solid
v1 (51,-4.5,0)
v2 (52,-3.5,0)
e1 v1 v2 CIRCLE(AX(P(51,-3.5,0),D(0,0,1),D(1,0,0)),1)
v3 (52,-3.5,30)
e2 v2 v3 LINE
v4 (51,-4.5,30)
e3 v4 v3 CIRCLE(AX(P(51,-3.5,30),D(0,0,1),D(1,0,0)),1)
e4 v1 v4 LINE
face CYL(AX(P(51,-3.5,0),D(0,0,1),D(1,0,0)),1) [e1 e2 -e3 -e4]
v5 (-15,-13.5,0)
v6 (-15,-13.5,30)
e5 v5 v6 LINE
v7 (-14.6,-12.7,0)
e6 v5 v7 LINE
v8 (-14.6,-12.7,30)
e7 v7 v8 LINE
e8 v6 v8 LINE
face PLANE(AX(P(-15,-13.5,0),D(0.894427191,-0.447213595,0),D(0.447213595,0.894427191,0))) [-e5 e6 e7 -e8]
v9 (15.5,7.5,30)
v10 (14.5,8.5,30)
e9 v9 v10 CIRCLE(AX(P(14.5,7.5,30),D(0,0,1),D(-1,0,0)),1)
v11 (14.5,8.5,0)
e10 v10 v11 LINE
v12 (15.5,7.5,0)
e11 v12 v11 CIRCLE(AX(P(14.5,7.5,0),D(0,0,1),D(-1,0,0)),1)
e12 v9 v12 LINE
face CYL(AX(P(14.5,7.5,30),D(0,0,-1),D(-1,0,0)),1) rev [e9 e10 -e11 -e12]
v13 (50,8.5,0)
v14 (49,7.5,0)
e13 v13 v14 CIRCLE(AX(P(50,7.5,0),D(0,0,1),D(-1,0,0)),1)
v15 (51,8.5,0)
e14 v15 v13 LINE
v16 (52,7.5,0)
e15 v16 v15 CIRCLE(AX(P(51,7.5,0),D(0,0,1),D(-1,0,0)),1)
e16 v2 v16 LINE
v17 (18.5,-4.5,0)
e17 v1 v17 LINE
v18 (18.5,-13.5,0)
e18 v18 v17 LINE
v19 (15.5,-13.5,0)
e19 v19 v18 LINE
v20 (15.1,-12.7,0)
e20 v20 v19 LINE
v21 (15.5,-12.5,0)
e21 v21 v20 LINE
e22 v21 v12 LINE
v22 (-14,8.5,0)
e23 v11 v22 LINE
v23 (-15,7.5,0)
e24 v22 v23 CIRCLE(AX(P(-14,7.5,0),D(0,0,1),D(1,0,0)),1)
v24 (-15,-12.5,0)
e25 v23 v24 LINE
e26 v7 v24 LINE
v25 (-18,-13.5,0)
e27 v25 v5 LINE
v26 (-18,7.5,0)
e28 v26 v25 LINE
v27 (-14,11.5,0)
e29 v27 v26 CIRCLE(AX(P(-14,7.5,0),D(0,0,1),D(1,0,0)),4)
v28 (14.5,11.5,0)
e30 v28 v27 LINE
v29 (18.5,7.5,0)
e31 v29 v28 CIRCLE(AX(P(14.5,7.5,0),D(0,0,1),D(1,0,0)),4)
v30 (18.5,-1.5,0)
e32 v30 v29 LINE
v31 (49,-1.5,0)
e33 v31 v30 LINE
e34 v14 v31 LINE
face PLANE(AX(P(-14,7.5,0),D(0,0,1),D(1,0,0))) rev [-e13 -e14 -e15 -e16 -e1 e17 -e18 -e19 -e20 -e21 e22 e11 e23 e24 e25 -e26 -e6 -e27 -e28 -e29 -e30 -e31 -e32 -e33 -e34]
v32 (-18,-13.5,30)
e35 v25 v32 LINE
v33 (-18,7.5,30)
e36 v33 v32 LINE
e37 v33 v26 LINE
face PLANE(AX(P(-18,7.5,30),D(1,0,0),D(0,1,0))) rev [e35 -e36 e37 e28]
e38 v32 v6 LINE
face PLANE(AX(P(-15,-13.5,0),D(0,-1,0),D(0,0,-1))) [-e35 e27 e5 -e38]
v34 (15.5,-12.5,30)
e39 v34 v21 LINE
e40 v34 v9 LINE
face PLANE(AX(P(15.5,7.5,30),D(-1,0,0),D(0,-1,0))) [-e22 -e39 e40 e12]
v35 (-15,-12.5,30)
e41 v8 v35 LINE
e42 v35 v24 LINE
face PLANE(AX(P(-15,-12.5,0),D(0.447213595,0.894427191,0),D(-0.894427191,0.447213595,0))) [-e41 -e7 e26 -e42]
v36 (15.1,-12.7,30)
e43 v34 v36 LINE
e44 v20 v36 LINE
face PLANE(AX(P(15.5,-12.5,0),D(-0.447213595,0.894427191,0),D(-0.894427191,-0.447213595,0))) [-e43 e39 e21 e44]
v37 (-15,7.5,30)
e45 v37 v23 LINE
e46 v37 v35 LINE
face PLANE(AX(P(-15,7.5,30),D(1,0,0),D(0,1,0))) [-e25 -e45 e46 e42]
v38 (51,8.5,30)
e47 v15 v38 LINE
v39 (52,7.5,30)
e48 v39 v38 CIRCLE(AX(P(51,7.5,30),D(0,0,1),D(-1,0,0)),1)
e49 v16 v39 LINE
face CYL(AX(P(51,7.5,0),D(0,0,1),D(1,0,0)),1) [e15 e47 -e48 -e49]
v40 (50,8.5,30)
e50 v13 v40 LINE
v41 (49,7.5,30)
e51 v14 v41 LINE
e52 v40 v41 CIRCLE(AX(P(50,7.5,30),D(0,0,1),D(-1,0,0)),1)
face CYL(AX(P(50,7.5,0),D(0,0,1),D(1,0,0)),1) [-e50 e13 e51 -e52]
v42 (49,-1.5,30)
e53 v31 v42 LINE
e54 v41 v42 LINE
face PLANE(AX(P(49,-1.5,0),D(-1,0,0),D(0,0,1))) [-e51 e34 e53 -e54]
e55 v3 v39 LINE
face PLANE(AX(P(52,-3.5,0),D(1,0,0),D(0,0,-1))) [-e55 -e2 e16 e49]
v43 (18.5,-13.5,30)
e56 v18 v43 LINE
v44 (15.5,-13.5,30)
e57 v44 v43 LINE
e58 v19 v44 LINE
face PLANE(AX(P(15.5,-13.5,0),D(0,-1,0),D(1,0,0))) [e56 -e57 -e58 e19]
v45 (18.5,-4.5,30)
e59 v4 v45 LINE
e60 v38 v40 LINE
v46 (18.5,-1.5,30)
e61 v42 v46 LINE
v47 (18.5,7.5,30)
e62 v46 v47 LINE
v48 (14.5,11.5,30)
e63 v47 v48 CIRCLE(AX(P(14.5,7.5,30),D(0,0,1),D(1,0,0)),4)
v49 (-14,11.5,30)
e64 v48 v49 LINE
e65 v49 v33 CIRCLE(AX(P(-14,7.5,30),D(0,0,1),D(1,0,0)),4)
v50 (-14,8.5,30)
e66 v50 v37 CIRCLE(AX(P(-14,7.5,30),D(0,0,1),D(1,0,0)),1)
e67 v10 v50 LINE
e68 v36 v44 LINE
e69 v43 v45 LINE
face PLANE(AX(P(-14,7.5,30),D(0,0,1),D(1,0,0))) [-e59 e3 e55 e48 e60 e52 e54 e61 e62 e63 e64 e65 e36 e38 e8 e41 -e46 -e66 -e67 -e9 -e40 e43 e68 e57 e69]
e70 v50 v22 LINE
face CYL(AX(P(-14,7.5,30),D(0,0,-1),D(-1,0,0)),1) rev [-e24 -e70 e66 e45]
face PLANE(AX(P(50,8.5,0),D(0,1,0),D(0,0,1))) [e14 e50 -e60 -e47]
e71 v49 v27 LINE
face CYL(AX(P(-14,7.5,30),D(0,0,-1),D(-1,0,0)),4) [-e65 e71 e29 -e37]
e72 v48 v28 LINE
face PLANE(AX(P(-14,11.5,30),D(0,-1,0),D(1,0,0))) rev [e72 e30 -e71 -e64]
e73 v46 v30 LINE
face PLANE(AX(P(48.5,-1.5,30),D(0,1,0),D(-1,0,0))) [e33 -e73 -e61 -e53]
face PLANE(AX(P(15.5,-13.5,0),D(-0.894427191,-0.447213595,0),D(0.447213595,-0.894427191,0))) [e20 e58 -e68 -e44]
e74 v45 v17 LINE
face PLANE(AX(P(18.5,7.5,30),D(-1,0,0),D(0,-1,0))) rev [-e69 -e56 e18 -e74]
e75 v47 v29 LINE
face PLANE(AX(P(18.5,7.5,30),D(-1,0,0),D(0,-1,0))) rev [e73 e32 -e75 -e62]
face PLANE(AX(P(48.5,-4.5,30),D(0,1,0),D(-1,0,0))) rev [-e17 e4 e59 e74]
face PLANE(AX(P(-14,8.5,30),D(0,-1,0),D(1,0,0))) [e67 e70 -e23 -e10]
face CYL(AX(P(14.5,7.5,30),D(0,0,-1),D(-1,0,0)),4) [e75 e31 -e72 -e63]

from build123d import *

# Parameters (mm, degrees)
EXTRUDE_THIN1_DEPTH = 30
BOSS_EXTRUDE1_DEPTH = 30
SKETCH3_W           = 30
SKETCH3_H           = 3
EXTRUDE_THIN2_DEPTH = 30
BOSS_EXTRUDE2_DEPTH = 30


with BuildPart() as part:
    # Sketch1 → Extrude-Thin1 (new body)
    with BuildSketch(Plane.XY):
        with BuildLine():
            Line((-15, -12.5), (-15, 7.5))
            ThreePointArc((-15, 7.5), (-14.707106781, 8.207106781), (-14, 8.5))
            Line((-14, 8.5), (14.5, 8.5))
            ThreePointArc((14.5, 8.5), (15.207106781, 8.207106781), (15.5, 7.5))
            Line((15.5, 7.5), (15.5, -12.5))
            Line((15.5, -12.5), (18.5, -12.5))
            Line((18.5, -12.5), (18.5, 7.5))
            ThreePointArc((18.5, 7.5), (17.328427125, 10.328427125), (14.5, 11.5))
            Line((14.5, 11.5), (-14, 11.5))
            ThreePointArc((-14, 11.5), (-16.828427125, 10.328427125), (-18, 7.5))
            Line((-18, 7.5), (-18, -12.5))
            Line((-18, -12.5), (-15, -12.5))
        make_face()
    extrude(amount=EXTRUDE_THIN1_DEPTH)

    # Sketch2 → Boss-Extrude1 (add)
    with BuildSketch(Plane.XY.offset(30)):
        Polygon((-15, -13.5), (-18, -13.5), (-18, -12.5), (-15, -12.5), (-14.6, -12.7), align=None)
        Polygon((15.5, -12.5), (15.1, -12.7), (15.5, -13.5), (18.5, -13.5), (18.5, -12.5), align=None)
    extrude(amount=-BOSS_EXTRUDE1_DEPTH)

    # Sketch3 → Extrude-Thin2 (add)
    with BuildSketch(Plane(origin=(18.5, 0, 0), x_dir=(0, 0, -1), z_dir=(1, 0, 0))):
        with Locations((-15, -3)):
            Rectangle(SKETCH3_W, SKETCH3_H)
    extrude(amount=EXTRUDE_THIN2_DEPTH)

    # Sketch4 → Boss-Extrude2 (add)
    with BuildSketch(Plane.XY.offset(30)):
        with BuildLine():
            Line((48.5, -1.5), (49, -1.5))
            Line((49, -1.5), (49, 7.5))
            ThreePointArc((49, 7.5), (49.292893219, 8.207106781), (50, 8.5))
            Line((50, 8.5), (51, 8.5))
            ThreePointArc((51, 8.5), (51.707106781, 8.207106781), (52, 7.5))
            Line((52, 7.5), (52, -3.5))
            ThreePointArc((52, -3.5), (51.707106781, -4.207106781), (51, -4.5))
            Line((51, -4.5), (48.5, -4.5))
            Line((48.5, -4.5), (48.5, -1.5))
        make_face()
    extrude(amount=-BOSS_EXTRUDE2_DEPTH)


solid = part.part
